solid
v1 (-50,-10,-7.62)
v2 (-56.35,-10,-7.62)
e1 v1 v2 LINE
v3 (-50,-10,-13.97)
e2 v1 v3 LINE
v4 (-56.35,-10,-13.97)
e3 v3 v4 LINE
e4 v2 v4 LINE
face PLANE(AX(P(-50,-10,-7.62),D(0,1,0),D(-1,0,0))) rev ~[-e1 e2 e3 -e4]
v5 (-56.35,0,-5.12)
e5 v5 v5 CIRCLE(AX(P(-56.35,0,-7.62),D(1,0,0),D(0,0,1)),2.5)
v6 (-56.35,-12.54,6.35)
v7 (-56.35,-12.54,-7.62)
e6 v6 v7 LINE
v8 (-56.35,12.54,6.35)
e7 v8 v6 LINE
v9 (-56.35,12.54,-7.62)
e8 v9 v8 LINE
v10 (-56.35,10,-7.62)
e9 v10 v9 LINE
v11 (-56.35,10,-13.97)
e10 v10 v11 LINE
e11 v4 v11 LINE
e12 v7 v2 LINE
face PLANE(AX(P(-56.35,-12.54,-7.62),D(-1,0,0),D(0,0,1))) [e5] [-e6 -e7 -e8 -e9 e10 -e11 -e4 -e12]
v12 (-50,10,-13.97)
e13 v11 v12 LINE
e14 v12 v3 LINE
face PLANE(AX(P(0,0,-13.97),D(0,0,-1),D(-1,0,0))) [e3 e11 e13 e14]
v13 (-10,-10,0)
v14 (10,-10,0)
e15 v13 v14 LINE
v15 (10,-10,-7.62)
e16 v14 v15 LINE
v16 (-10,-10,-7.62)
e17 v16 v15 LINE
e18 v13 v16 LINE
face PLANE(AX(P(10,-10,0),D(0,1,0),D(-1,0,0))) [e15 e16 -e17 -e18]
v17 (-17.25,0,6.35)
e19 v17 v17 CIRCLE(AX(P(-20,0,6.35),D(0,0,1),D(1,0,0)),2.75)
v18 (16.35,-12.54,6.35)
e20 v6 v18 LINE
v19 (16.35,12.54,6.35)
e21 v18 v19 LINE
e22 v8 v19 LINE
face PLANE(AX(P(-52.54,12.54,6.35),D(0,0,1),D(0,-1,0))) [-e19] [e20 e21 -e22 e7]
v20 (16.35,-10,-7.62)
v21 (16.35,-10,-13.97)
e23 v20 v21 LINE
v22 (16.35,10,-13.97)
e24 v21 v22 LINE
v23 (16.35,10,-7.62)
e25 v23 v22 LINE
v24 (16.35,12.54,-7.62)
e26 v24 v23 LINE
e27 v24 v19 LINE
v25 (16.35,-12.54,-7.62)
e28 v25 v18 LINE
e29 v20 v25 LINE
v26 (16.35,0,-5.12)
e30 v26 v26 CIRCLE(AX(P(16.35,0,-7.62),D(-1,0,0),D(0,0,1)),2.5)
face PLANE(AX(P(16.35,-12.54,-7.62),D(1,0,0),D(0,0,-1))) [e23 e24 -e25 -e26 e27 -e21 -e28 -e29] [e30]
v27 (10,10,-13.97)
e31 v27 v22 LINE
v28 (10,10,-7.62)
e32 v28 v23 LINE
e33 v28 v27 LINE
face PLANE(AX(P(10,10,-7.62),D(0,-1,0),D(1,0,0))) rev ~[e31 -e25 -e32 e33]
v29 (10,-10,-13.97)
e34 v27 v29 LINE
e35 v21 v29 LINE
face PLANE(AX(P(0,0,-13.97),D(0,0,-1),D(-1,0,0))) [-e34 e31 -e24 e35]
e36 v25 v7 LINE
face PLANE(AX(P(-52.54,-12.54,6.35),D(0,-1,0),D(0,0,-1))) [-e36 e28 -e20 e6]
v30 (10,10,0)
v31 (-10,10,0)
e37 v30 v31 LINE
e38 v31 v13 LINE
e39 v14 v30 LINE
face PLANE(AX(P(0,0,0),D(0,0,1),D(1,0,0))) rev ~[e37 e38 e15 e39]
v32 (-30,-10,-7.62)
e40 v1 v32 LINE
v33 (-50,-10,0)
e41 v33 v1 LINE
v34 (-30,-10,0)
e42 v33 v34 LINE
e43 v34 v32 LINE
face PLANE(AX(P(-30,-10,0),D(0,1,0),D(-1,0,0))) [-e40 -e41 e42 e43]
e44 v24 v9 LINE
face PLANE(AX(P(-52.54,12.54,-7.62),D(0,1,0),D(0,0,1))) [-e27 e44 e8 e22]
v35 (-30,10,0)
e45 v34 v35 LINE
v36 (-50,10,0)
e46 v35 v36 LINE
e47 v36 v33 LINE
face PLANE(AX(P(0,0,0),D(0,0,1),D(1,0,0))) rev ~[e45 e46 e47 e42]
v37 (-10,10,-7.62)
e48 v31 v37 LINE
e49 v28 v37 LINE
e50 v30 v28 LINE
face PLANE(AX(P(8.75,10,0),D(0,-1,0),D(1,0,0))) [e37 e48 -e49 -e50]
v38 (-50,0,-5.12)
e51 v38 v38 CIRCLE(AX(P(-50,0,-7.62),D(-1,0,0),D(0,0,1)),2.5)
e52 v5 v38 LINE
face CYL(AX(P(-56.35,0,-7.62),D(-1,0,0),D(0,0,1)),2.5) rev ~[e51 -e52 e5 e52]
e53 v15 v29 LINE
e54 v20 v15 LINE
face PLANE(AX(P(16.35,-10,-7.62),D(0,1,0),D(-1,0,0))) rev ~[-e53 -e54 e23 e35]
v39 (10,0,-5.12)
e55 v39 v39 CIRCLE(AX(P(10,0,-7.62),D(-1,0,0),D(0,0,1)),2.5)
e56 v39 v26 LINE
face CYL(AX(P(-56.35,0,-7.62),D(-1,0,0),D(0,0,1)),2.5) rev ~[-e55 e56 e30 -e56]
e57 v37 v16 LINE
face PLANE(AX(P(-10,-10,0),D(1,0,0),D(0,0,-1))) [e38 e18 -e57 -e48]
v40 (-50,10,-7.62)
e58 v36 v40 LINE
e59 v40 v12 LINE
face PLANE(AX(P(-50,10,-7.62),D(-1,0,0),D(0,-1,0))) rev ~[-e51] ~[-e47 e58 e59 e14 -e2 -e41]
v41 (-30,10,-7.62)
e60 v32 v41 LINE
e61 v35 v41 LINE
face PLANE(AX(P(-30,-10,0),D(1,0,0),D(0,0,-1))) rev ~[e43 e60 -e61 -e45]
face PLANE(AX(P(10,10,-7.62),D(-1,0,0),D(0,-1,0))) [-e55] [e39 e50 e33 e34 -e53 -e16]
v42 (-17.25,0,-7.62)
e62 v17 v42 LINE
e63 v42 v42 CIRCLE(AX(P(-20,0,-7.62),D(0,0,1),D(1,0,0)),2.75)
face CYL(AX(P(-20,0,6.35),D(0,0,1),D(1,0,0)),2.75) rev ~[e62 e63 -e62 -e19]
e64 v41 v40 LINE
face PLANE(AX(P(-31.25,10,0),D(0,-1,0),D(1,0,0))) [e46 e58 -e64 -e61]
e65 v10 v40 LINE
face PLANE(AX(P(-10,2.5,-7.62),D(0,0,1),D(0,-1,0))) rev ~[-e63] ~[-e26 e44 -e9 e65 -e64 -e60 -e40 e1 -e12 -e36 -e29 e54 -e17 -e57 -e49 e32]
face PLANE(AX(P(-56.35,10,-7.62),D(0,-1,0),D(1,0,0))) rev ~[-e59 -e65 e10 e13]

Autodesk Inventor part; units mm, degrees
ref_plane "YZ Plane" through (0, 0, 0) normal (1, 0, 0) x (0, 1, 0)
ref_plane "XZ Plane" through (0, 0, 0) normal (0, 1, 0) x (-1, 0, 0)
ref_plane "XY Plane" through (0, 0, 0) normal (0, 0, 1) x (1, 0, 0)
sketch "Sketch1" plane through (0, 0, 0) normal (0, 0, 1) x (1, 0, 0)
  circle A0 centre (-40, 0) radius 2.5 projected
  arc A1 (-31.25, -10) -> (-30, -8.75) centre (-31.25, -8.75) ccw projected
  line L0 (-30, -3.6) -> (-30, -8.75) projected
  line L1 (-30.5, -3.1) -> (-30, -3.6) projected
  line L2 (-31.6, -3.1) -> (-30.5, -3.1) projected
  line L3 (-31.6, -5.5) -> (-31.6, -3.1) projected
  line L4 (-33.534, -5.5) -> (-31.6, -5.5) projected
  line L5 (-35.9, -3.134) -> (-33.534, -5.5) projected
  line L6 (-35.9, 3.134) -> (-35.9, -3.134) projected
  line L7 (-33.534, 5.5) -> (-35.9, 3.134) projected
  line L8 (-31.6, 5.5) -> (-33.534, 5.5) projected
  line L9 (-31.6, 3.1) -> (-31.6, 5.5) projected
  line L10 (-30.5, 3.1) -> (-31.6, 3.1) projected
  line L11 (-30, 3.6) -> (-30.5, 3.1) projected
  line L12 (-30, 8.75) -> (-30, 3.6) projected
  arc A2 (-30, 8.75) -> (-31.25, 10) centre (-31.25, 8.75) ccw projected
  line L13 (-36.4, 10) -> (-31.25, 10) projected
  line L14 (-36.9, 9.5) -> (-36.4, 10) projected
  line L15 (-36.9, 8.4) -> (-36.9, 9.5) projected
  line L16 (-34.5, 8.4) -> (-36.9, 8.4) projected
  line L17 (-34.5, 6.466) -> (-34.5, 8.4) projected
  line L18 (-36.866, 4.1) -> (-34.5, 6.466) projected
  line L19 (-43.134, 4.1) -> (-36.866, 4.1) projected
  line L20 (-45.5, 6.466) -> (-43.134, 4.1) projected
  line L21 (-45.5, 8.4) -> (-45.5, 6.466) projected
  line L22 (-43.1, 8.4) -> (-45.5, 8.4) projected
  line L23 (-43.1, 9.5) -> (-43.1, 8.4) projected
  line L24 (-43.6, 10) -> (-43.1, 9.5) projected
  line L25 (-48.75, 10) -> (-43.6, 10) projected
  arc A3 (-48.75, 10) -> (-50, 8.75) centre (-48.75, 8.75) ccw projected
  line L26 (-50, 3.6) -> (-50, 8.75) projected
  line L27 (-49.5, 3.1) -> (-50, 3.6) projected
  line L28 (-48.4, 3.1) -> (-49.5, 3.1) projected
  line L29 (-48.4, 5.5) -> (-48.4, 3.1) projected
  line L30 (-46.466, 5.5) -> (-48.4, 5.5) projected
  line L31 (-44.1, 3.134) -> (-46.466, 5.5) projected
  line L32 (-44.1, -3.134) -> (-44.1, 3.134) projected
  line L33 (-46.466, -5.5) -> (-44.1, -3.134) projected
  line L34 (-48.4, -5.5) -> (-46.466, -5.5) projected
  line L35 (-48.4, -3.1) -> (-48.4, -5.5) projected
  line L36 (-49.5, -3.1) -> (-48.4, -3.1) projected
  line L37 (-50, -3.6) -> (-49.5, -3.1) projected
  line L38 (-50, -8.75) -> (-50, -3.6) projected
  arc A4 (-50, -8.75) -> (-48.75, -10) centre (-48.75, -8.75) ccw projected
  line L39 (-43.6, -10) -> (-48.75, -10) projected
  line L40 (-43.1, -9.5) -> (-43.6, -10) projected
  line L41 (-43.1, -8.4) -> (-43.1, -9.5) projected
  line L42 (-45.5, -8.4) -> (-43.1, -8.4) projected
  line L43 (-45.5, -6.466) -> (-45.5, -8.4) projected
  line L44 (-43.134, -4.1) -> (-45.5, -6.466) projected
  line L45 (-36.866, -4.1) -> (-43.134, -4.1) projected
  line L46 (-34.5, -6.466) -> (-36.866, -4.1) projected
  line L47 (-34.5, -8.4) -> (-34.5, -6.466) projected
  line L48 (-36.9, -8.4) -> (-34.5, -8.4) projected
  line L49 (-36.9, -9.5) -> (-36.9, -8.4) projected
  line L50 (-36.4, -10) -> (-36.9, -9.5) projected
  line L51 (-31.25, -10) -> (-36.4, -10) projected
  circle A5 centre (0, 0) radius 2.5 projected
  arc A6 (8.75, -10) -> (10, -8.75) centre (8.75, -8.75) ccw projected
  line L52 (10, -3.6) -> (10, -8.75) projected
  line L53 (9.5, -3.1) -> (10, -3.6) projected
  line L54 (8.4, -3.1) -> (9.5, -3.1) projected
  line L55 (8.4, -5.5) -> (8.4, -3.1) projected
  line L56 (6.466, -5.5) -> (8.4, -5.5) projected
  line L57 (4.1, -3.134) -> (6.466, -5.5) projected
  line L58 (4.1, 3.134) -> (4.1, -3.134) projected
  line L59 (6.466, 5.5) -> (4.1, 3.134) projected
  line L60 (8.4, 5.5) -> (6.466, 5.5) projected
  line L61 (8.4, 3.1) -> (8.4, 5.5) projected
  line L62 (9.5, 3.1) -> (8.4, 3.1) projected
  line L63 (10, 3.6) -> (9.5, 3.1) projected
  line L64 (10, 8.75) -> (10, 3.6) projected
  arc A7 (10, 8.75) -> (8.75, 10) centre (8.75, 8.75) ccw projected
  line L65 (3.6, 10) -> (8.75, 10) projected
  line L66 (3.1, 9.5) -> (3.6, 10) projected
  line L67 (3.1, 8.4) -> (3.1, 9.5) projected
  line L68 (5.5, 8.4) -> (3.1, 8.4) projected
  line L69 (5.5, 6.466) -> (5.5, 8.4) projected
  line L70 (3.134, 4.1) -> (5.5, 6.466) projected
  line L71 (-3.134, 4.1) -> (3.134, 4.1) projected
  line L72 (-5.5, 6.466) -> (-3.134, 4.1) projected
  line L73 (-5.5, 8.4) -> (-5.5, 6.466) projected
  line L74 (-3.1, 8.4) -> (-5.5, 8.4) projected
  line L75 (-3.1, 9.5) -> (-3.1, 8.4) projected
  line L76 (-3.6, 10) -> (-3.1, 9.5) projected
  line L77 (-8.75, 10) -> (-3.6, 10) projected
  arc A8 (-8.75, 10) -> (-10, 8.75) centre (-8.75, 8.75) ccw projected
  line L78 (-10, 3.6) -> (-10, 8.75) projected
  line L79 (-9.5, 3.1) -> (-10, 3.6) projected
  line L80 (-8.4, 3.1) -> (-9.5, 3.1) projected
  line L81 (-8.4, 5.5) -> (-8.4, 3.1) projected
  line L82 (-6.466, 5.5) -> (-8.4, 5.5) projected
  line L83 (-4.1, 3.134) -> (-6.466, 5.5) projected
  line L84 (-4.1, -3.134) -> (-4.1, 3.134) projected
  line L85 (-6.466, -5.5) -> (-4.1, -3.134) projected
  line L86 (-8.4, -5.5) -> (-6.466, -5.5) projected
  line L87 (-8.4, -3.1) -> (-8.4, -5.5) projected
  line L88 (-9.5, -3.1) -> (-8.4, -3.1) projected
  line L89 (-10, -3.6) -> (-9.5, -3.1) projected
  line L90 (-10, -8.75) -> (-10, -3.6) projected
  arc A9 (-10, -8.75) -> (-8.75, -10) centre (-8.75, -8.75) ccw projected
  line L91 (-3.6, -10) -> (-8.75, -10) projected
  line L92 (-3.1, -9.5) -> (-3.6, -10) projected
  line L93 (-3.1, -8.4) -> (-3.1, -9.5) projected
  line L94 (-5.5, -8.4) -> (-3.1, -8.4) projected
  line L95 (-5.5, -6.466) -> (-5.5, -8.4) projected
  line L96 (-3.134, -4.1) -> (-5.5, -6.466) projected
  line L97 (3.134, -4.1) -> (-3.134, -4.1) projected
  line L98 (5.5, -6.466) -> (3.134, -4.1) projected
  line L99 (5.5, -8.4) -> (5.5, -6.466) projected
  line L100 (3.1, -8.4) -> (5.5, -8.4) projected
  line L101 (3.1, -9.5) -> (3.1, -8.4) projected
  line L102 (3.6, -10) -> (3.1, -9.5) projected
  line L103 (8.75, -10) -> (3.6, -10) projected
  line L104 (-50, -10) -> (-50, 10)
  line L105 (10, 10) -> (10, -10)
  line L106 (-30, -10) -> (-30, 10)
  line L107 (-10, 10) -> (-10, -10)
  line L108 (-52.54, -12.54) -> (12.54, -12.54)
  line L109 (12.54, -12.54) -> (12.54, 12.54)
  line L110 (12.54, 12.54) -> (-52.54, 12.54)
  line L111 (-52.54, 12.54) -> (-52.54, -12.54)
  line L112 (10, -10) -> (-10, -10)
  line L113 (-30, -10) -> (-50, -10)
  line L114 (-50, 10) -> (-30, 10)
  line L115 (-10, 10) -> (10, 10)
  point P0 (0, 0)
extrude "Extrusion1" add sketch "Sketch1" against normal blind 7.62 contours L111 L110 L109 L108
sketch "Sketch2" plane through (0, 0, 0) normal (0, 0, 1) x (1, 0, 0)
  line L0 (-52.54, -12.54) -> (-52.54, 12.54) projected
  line L1 (12.54, -12.54) -> (12.54, 12.54) projected
  line L2 (-52.54, -12.54) -> (12.54, -12.54)
  line L3 (12.54, -12.54) -> (12.54, 12.54)
  line L4 (12.54, 12.54) -> (-52.54, 12.54)
  line L5 (-52.54, 12.54) -> (-52.54, -12.54)
  point P0 (0, 0)
extrude "Extrusion2" add sketch "Sketch2" along normal blind 6.35
sketch "Sketch3" plane through (12.54, -12.54, -7.62) normal (1, 0, 0) x (0, 0, -1)
  line L0 (0, 0) -> (-13.97, 0) projected
  line L1 (0, 25.08) -> (0, 0) projected
  line L2 (0, 25.08) -> (-13.97, 25.08) projected
  line L3 (-13.97, 0) -> (-13.97, 25.08) projected
  point P0 (-7.62, 12.54)
extrude "Extrusion3" add sketch "Sketch3" along normal blind 3.81
sketch "Sketch4" plane through (-52.54, -12.54, -7.62) normal (-1, 0, 0) x (0, 0, 1)
  line L0 (0, 25.08) -> (13.97, 25.08) projected
  line L1 (0, 0) -> (0, 25.08) projected
  line L2 (13.97, 0) -> (0, 0) projected
  line L3 (13.97, 25.08) -> (13.97, 0) projected
  point P0 (7.62, 12.54)
extrude "Extrusion4" add sketch "Sketch4" along normal blind 3.81
sketch "Sketch5" plane through (0, 0, -7.62) normal (0, 0, -1) x (-1, 0, 0)
  line L0 (-16.35, -12.54) -> (-16.35, 12.54) projected
  line L1 (56.35, -12.54) -> (-16.35, -12.54) projected
  line L2 (-16.35, 12.54) -> (-10, 12.54)
  line L3 (-10, 12.54) -> (-10, -12.54)
  line L4 (-10, -12.54) -> (-16.35, -12.54)
  line L5 (-16.35, -12.54) -> (-16.35, 12.54)
  line L6 (56.35, 12.54) -> (50, 12.54)
  line L7 (50, 12.54) -> (50, -12.54)
  line L8 (50, -12.54) -> (56.35, -12.54)
  line L9 (56.35, -12.54) -> (56.35, 12.54)
  line L10 (50, 10) -> (50, -10) projected
  line L11 (-10, -10) -> (-10, 10) projected
  line L12 (50, 12.54) -> (56.35, -12.54) construction
  line L13 (-16.35, 12.54) -> (56.35, 12.54) construction
  line L14 (-16.35, 12.54) -> (-10, -12.54) construction
  line L15 (-16.35, -10) -> (-10, -10)
  line L16 (-10, -10) -> (-10, 10)
  line L17 (-10, 10) -> (-16.35, 10)
  line L18 (-16.35, 10) -> (-16.35, -10)
  line L19 (-16.35, -10) -> (-10, 10) construction
  line L20 (-10, -10) -> (-16.35, 10) construction
  line L21 (50, -10) -> (56.35, -10)
  line L22 (56.35, -10) -> (56.35, 10)
  line L23 (56.35, 10) -> (50, 10)
  line L24 (50, 10) -> (50, -10)
  line L25 (50, -10) -> (56.35, 10) construction
  line L26 (56.35, -10) -> (50, 10) construction
  point P0 (0, 0)
  point P1 (-13.175, 0)
  point P2 (53.175, 0)
  dimension "d10" = 0
  dimension "d11" = 0
  dimension "d20" = 0
  dimension "d21" = 20
  dimension "d22" = 0
extrude "Extrusion5" add sketch "Sketch5" along normal blind 6.35 contours L0 L17 L3 L15 | L7 L23 L9 L21
sketch "Sketch6" plane through (-56.35, -12.54, -7.62) normal (-1, 0, 0) x (0, 0, 1)
  line L0 (0, 25.08) -> (13.97, 25.08) projected
  circle A0 centre (0, 12.54) radius 2.5
  line L1 (13.97, 25.08) -> (0, 25.08) projected
  line L2 (0, 25.08) -> (0, -0.9572)
  line L3 (-6.35, 2.54) -> (-6.35, 22.54) projected
  point P0 (7.62, 12.54)
  dimension "d14" = 5
  dimension "d23" = 6.35
extrude "Extrusion6" cut sketch "Sketch6" against normal through all
sketch "Sketch8" plane through (-10, -10, 0) normal (1, 0, 0) x (0, 0, -1)
  arc A0 (7.62, 12.5) -> (7.62, 7.5) centre (7.62, 10) ccw projected
  line L0 (7.62, 7.5) -> (7.62, 0) projected
  line L1 (7.62, 12.5) -> (7.62, 7.5)
  point P0 (0, 10)
extrude "Extrusion7" add sketch "Sketch8" against normal up to surface (20 mm away)
sketch "Sketch9" plane through (0, 0, 6.35) normal (0, 0, 1) x (1, 0, 0)
  line L0 (16.35, 12.54) -> (-56.35, 12.54) construction
  line L1 (-56.35, -12.54) -> (16.35, -12.54) construction
  line L2 (16.35, 12.54) -> (-56.35, -12.54) construction
  circle A0 centre (-20, 0) radius 2.75
  point P0 (0, 0)
  dimension "d24" = 5.5
extrude "Extrusion8" cut sketch "Sketch9" against normal blind 25.4
properties part number "cap"
